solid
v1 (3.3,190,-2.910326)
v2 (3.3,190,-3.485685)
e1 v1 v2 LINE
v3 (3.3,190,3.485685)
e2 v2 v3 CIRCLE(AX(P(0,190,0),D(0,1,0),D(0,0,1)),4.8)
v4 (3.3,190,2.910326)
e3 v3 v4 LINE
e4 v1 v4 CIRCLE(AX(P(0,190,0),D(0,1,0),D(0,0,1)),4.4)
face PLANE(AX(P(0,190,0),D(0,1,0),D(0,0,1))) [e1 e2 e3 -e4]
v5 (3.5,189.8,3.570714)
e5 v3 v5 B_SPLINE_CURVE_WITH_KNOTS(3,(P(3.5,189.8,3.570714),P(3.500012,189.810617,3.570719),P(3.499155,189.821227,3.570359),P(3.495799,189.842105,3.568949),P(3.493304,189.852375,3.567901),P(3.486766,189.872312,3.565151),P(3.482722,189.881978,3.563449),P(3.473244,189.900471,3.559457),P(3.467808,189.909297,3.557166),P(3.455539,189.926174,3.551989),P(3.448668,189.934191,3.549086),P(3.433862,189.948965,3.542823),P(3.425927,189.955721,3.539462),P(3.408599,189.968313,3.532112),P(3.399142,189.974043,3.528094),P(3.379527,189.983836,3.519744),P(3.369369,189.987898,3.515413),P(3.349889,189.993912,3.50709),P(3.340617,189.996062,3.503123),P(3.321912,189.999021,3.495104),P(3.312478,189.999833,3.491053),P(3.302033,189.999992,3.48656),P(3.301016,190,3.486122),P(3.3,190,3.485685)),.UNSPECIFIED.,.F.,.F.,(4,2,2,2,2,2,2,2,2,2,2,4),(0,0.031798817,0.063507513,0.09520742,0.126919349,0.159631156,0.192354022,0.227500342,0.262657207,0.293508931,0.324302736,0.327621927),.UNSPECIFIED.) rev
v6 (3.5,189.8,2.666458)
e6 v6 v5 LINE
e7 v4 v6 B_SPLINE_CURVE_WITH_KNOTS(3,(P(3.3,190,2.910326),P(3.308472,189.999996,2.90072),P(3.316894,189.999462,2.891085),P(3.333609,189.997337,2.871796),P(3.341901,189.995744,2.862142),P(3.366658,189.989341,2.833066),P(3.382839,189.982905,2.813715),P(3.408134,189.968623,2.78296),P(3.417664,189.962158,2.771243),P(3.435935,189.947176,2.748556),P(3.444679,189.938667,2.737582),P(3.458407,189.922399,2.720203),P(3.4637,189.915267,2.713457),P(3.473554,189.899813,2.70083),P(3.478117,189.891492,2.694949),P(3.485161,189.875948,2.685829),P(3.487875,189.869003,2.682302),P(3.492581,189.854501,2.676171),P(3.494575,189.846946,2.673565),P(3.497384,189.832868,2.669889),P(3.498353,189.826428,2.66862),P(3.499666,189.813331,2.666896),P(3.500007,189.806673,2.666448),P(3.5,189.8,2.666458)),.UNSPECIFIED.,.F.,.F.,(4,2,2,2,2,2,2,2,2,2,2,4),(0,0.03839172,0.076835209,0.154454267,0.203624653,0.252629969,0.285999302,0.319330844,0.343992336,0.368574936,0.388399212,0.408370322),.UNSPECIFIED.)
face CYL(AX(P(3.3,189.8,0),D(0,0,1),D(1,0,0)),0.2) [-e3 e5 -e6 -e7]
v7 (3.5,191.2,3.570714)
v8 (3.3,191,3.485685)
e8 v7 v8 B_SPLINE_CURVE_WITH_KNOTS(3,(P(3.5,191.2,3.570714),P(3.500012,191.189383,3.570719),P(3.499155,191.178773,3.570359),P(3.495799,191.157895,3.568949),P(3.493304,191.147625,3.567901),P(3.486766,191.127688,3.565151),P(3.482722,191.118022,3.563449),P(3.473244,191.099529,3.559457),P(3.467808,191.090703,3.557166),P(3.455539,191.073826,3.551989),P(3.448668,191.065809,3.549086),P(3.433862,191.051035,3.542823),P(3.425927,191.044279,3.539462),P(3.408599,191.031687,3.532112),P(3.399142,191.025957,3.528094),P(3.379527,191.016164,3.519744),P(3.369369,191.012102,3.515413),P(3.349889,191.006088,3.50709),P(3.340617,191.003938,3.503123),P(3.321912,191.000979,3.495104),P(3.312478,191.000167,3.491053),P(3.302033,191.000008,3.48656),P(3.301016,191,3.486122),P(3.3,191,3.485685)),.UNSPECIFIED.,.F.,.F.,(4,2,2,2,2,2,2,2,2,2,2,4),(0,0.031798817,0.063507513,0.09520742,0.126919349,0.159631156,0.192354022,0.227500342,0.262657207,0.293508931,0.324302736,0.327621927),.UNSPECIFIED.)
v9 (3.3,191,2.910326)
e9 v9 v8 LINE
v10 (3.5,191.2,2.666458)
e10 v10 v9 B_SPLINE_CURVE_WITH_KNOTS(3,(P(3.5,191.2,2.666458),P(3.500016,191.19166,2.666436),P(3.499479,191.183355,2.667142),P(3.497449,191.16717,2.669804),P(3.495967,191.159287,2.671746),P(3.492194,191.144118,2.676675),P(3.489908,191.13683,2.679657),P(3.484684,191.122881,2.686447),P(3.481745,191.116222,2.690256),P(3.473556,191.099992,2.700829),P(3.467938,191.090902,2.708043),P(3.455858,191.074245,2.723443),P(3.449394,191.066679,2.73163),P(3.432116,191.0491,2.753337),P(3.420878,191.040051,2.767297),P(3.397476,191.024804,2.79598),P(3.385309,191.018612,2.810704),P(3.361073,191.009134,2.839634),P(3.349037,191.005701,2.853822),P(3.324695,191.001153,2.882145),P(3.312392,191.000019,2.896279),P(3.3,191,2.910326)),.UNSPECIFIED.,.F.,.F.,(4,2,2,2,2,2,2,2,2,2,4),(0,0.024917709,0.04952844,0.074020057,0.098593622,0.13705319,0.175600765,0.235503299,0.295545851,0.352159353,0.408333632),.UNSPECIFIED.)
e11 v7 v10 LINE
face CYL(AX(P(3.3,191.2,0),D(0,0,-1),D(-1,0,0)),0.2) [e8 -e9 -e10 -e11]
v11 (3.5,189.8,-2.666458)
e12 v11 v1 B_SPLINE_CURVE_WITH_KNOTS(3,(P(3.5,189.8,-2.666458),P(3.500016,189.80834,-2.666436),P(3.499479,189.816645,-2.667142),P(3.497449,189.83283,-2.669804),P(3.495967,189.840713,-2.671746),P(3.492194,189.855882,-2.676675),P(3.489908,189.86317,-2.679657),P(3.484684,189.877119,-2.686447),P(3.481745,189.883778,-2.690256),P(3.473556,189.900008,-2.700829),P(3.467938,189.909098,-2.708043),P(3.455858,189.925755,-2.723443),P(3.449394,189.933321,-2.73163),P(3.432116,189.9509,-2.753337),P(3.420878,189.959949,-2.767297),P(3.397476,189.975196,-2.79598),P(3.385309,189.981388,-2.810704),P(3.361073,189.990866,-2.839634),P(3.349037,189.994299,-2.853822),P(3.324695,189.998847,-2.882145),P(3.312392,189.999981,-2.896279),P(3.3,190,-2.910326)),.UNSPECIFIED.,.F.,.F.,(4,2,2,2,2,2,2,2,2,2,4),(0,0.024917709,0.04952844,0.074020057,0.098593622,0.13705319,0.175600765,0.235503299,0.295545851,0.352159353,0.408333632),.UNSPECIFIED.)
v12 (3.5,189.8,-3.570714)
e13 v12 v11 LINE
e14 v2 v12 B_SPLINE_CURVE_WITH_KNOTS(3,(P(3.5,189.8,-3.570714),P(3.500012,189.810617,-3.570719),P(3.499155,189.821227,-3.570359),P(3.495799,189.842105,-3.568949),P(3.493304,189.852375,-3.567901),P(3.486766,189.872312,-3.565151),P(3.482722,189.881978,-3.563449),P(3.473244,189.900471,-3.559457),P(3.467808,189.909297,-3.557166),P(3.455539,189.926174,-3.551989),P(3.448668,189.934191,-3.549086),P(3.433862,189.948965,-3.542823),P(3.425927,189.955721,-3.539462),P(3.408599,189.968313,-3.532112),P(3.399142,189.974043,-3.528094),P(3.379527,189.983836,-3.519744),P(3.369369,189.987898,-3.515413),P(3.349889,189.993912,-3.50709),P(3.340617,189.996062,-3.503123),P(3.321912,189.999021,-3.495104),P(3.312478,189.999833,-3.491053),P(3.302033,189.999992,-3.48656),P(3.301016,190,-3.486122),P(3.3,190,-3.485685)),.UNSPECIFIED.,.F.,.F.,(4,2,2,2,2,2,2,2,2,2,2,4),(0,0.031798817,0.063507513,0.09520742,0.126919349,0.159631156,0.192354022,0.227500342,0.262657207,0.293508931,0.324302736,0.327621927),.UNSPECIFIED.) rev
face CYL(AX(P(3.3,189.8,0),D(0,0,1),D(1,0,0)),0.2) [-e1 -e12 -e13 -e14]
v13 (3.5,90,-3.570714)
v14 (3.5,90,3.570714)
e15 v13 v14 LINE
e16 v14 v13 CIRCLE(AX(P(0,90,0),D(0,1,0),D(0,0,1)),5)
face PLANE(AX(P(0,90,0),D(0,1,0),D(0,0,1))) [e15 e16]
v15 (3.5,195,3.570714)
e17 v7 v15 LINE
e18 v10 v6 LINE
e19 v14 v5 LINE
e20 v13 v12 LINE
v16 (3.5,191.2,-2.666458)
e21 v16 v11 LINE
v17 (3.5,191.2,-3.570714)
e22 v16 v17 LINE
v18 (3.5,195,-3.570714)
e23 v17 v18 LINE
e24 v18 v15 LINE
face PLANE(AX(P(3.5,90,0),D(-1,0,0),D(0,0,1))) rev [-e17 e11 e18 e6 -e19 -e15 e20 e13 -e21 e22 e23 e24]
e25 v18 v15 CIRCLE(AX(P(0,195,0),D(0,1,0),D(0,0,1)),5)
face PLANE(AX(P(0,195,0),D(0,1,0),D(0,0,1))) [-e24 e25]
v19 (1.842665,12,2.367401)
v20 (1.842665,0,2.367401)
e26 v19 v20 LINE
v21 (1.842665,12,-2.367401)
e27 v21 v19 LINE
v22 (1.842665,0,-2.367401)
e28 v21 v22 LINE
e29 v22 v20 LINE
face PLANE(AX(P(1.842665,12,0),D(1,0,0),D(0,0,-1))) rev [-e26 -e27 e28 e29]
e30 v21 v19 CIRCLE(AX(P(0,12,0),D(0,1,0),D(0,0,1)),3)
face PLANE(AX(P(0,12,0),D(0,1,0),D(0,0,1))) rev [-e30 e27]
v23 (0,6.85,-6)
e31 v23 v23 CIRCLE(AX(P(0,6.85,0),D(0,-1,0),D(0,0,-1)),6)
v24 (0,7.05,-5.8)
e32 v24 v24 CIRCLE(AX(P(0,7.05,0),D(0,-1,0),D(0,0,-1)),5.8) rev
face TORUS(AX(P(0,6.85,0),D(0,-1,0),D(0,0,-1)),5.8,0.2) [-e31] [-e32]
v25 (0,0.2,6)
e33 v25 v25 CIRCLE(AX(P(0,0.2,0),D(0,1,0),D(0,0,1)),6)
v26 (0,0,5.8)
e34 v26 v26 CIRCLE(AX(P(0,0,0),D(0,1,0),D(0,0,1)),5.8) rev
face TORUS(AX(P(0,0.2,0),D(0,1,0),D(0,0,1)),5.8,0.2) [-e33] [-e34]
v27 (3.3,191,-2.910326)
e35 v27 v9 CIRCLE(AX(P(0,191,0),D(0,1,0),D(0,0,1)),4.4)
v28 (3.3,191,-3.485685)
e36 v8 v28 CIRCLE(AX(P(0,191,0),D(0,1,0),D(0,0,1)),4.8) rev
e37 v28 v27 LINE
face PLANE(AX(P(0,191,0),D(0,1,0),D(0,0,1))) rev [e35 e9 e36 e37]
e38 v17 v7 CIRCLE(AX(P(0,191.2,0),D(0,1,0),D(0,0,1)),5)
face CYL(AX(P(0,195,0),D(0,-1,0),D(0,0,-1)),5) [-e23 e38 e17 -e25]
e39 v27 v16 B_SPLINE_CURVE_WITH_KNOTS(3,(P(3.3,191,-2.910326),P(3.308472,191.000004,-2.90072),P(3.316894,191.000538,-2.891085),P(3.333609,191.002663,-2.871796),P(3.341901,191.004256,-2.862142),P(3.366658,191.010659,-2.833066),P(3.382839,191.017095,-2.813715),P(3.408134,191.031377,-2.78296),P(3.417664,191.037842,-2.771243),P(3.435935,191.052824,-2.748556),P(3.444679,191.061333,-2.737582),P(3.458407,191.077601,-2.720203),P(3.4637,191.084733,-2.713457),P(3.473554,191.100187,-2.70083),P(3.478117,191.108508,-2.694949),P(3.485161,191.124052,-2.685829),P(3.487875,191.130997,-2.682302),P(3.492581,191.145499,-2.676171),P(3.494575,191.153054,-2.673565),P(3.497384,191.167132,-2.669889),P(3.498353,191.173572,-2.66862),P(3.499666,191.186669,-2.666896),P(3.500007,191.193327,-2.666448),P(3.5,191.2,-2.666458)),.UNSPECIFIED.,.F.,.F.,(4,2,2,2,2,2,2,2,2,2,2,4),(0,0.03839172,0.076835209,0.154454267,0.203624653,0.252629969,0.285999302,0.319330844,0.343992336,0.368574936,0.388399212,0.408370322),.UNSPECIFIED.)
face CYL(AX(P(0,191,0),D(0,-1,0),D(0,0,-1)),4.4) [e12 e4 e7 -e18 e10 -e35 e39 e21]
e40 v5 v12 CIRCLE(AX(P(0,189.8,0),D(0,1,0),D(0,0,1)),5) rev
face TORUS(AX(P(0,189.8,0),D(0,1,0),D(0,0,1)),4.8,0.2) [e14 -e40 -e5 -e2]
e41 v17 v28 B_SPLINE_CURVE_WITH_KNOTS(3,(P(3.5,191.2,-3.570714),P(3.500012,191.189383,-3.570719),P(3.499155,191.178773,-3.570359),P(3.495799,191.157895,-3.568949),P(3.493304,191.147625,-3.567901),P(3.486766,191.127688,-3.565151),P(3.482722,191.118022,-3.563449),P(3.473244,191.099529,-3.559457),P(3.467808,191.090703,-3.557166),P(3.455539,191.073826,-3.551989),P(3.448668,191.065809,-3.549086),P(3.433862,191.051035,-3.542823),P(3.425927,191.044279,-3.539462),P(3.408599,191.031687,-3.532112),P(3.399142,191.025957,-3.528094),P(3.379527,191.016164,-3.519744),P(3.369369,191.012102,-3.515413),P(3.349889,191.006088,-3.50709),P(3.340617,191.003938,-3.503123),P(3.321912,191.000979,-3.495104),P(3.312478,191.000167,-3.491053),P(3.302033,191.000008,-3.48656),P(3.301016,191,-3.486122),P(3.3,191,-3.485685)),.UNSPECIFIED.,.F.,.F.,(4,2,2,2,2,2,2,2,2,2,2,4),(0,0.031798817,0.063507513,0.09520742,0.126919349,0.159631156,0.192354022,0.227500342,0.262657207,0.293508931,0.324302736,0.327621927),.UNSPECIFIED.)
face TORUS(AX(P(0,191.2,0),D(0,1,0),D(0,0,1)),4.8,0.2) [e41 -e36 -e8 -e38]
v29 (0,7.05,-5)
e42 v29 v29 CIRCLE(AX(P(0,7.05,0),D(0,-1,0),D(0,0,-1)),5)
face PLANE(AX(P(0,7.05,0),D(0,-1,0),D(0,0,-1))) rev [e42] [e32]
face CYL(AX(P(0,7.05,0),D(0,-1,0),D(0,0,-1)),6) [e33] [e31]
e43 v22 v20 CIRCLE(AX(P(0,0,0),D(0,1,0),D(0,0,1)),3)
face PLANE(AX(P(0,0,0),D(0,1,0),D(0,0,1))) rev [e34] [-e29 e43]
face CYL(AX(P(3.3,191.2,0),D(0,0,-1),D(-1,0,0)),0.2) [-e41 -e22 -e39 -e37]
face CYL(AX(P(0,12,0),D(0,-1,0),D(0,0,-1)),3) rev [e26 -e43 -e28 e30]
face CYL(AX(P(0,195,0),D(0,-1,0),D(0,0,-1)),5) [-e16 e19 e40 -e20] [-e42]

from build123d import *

# Parameters (mm, degrees)
SKETCH1_R           = 5
BOSS_EXTRUDE1_DEPTH = 195
CUT_EXTRUDE1_DEPTH  = 12
CUT_EXTRUDE2_START  = -105
CUT_EXTRUDE2_DEPTH  = 105
CUT_EXTRUDE3_START  = -5
CUT_EXTRUDE3_DEPTH  = 1
FILLET1_R           = 0.2
SKETCH5_R           = 6
SKETCH5_R_2         = 5
BOSS_EXTRUDE2_DEPTH = 7.05
FILLET2_R           = 0.2


with BuildPart() as part:
    # Sketch1 → Boss-Extrude1 (new body)
    with BuildSketch(Plane(origin=(0, 0, 0), x_dir=(1, 0, 0), z_dir=(0, 1, 0))):
        Circle(SKETCH1_R)
    extrude(amount=BOSS_EXTRUDE1_DEPTH)

    # Sketch1<3> → Cut-Extrude1 (cut)
    with BuildSketch(Plane(origin=(0, 0, 0), x_dir=(1, 0, 0), z_dir=(0, 1, 0))):
        with BuildLine():
            Line((1.842665061, -2.367400573), (1.842665061, 2.367400573))
            ThreePointArc((1.842665061, 2.367400573), (0.974114542, 2.837446186), (0, 3))
            ThreePointArc((0, 3), (-2.837446186, -0.974114542), (1.842665061, -2.367400573))
        make_face()
    extrude(amount=CUT_EXTRUDE1_DEPTH, mode=Mode.SUBTRACT)

    # Sketch3 → Cut-Extrude2 (cut)
    with BuildSketch(Plane(origin=(0, 195, 0), x_dir=(1, 0, 0), z_dir=(0, 1, 0)).offset(CUT_EXTRUDE2_START)):
        with BuildLine():
            ThreePointArc((5, 0), (4.609772229, 1.936491673), (3.5, 3.570714214))
            Line((3.5, 3.570714214), (3.5, -3.570714214))
            ThreePointArc((3.5, -3.570714214), (4.609772229, -1.936491673), (5, 0))
        make_face()
    extrude(amount=CUT_EXTRUDE2_DEPTH, mode=Mode.SUBTRACT)

    # Sketch4 → Cut-Extrude3 (cut)
    with BuildSketch(Plane(origin=(0, 195, 0), x_dir=(1, 0, 0), z_dir=(0, 1, 0)).offset(CUT_EXTRUDE3_START)):
        with BuildLine():
            Line((3.5, 2.666458325), (3.5, 3.570714214))
            ThreePointArc((3.5, 3.570714214), (-5, 0), (3.5, -3.570714214))
            Line((3.5, -3.570714214), (3.5, -2.666458325))
            ThreePointArc((3.5, -2.666458325), (-4.4, 0), (3.5, 2.666458325))
        make_face()
    extrude(amount=CUT_EXTRUDE3_DEPTH, mode=Mode.SUBTRACT)

    # Fillet1
    fillet1_edges = [part.edges().sort_by_distance(p)[0] for p in [
        (3.5, 191, 3.11858627),
        (3.5, 190, 3.11858627),
        (3.5, 191, -3.11858627),
        (3.5, 190, -3.11858627),
        (-5, 191, 0),
        (-5, 190, 0),
    ]]
    fillet(fillet1_edges, radius=FILLET1_R)

    # Sketch5 → Boss-Extrude2 (add)
    with BuildSketch(Plane.XZ):
        Circle(SKETCH5_R)
        Circle(SKETCH5_R_2, mode=Mode.SUBTRACT)
    extrude(amount=-BOSS_EXTRUDE2_DEPTH)

    # Fillet2
    fillet2_edges = [part.edges().sort_by_distance(p)[0] for p in [
        (-6, 7.05, 0),
        (-6, 0, 0),
    ]]
    fillet(fillet2_edges, radius=FILLET2_R)


solid = part.part
